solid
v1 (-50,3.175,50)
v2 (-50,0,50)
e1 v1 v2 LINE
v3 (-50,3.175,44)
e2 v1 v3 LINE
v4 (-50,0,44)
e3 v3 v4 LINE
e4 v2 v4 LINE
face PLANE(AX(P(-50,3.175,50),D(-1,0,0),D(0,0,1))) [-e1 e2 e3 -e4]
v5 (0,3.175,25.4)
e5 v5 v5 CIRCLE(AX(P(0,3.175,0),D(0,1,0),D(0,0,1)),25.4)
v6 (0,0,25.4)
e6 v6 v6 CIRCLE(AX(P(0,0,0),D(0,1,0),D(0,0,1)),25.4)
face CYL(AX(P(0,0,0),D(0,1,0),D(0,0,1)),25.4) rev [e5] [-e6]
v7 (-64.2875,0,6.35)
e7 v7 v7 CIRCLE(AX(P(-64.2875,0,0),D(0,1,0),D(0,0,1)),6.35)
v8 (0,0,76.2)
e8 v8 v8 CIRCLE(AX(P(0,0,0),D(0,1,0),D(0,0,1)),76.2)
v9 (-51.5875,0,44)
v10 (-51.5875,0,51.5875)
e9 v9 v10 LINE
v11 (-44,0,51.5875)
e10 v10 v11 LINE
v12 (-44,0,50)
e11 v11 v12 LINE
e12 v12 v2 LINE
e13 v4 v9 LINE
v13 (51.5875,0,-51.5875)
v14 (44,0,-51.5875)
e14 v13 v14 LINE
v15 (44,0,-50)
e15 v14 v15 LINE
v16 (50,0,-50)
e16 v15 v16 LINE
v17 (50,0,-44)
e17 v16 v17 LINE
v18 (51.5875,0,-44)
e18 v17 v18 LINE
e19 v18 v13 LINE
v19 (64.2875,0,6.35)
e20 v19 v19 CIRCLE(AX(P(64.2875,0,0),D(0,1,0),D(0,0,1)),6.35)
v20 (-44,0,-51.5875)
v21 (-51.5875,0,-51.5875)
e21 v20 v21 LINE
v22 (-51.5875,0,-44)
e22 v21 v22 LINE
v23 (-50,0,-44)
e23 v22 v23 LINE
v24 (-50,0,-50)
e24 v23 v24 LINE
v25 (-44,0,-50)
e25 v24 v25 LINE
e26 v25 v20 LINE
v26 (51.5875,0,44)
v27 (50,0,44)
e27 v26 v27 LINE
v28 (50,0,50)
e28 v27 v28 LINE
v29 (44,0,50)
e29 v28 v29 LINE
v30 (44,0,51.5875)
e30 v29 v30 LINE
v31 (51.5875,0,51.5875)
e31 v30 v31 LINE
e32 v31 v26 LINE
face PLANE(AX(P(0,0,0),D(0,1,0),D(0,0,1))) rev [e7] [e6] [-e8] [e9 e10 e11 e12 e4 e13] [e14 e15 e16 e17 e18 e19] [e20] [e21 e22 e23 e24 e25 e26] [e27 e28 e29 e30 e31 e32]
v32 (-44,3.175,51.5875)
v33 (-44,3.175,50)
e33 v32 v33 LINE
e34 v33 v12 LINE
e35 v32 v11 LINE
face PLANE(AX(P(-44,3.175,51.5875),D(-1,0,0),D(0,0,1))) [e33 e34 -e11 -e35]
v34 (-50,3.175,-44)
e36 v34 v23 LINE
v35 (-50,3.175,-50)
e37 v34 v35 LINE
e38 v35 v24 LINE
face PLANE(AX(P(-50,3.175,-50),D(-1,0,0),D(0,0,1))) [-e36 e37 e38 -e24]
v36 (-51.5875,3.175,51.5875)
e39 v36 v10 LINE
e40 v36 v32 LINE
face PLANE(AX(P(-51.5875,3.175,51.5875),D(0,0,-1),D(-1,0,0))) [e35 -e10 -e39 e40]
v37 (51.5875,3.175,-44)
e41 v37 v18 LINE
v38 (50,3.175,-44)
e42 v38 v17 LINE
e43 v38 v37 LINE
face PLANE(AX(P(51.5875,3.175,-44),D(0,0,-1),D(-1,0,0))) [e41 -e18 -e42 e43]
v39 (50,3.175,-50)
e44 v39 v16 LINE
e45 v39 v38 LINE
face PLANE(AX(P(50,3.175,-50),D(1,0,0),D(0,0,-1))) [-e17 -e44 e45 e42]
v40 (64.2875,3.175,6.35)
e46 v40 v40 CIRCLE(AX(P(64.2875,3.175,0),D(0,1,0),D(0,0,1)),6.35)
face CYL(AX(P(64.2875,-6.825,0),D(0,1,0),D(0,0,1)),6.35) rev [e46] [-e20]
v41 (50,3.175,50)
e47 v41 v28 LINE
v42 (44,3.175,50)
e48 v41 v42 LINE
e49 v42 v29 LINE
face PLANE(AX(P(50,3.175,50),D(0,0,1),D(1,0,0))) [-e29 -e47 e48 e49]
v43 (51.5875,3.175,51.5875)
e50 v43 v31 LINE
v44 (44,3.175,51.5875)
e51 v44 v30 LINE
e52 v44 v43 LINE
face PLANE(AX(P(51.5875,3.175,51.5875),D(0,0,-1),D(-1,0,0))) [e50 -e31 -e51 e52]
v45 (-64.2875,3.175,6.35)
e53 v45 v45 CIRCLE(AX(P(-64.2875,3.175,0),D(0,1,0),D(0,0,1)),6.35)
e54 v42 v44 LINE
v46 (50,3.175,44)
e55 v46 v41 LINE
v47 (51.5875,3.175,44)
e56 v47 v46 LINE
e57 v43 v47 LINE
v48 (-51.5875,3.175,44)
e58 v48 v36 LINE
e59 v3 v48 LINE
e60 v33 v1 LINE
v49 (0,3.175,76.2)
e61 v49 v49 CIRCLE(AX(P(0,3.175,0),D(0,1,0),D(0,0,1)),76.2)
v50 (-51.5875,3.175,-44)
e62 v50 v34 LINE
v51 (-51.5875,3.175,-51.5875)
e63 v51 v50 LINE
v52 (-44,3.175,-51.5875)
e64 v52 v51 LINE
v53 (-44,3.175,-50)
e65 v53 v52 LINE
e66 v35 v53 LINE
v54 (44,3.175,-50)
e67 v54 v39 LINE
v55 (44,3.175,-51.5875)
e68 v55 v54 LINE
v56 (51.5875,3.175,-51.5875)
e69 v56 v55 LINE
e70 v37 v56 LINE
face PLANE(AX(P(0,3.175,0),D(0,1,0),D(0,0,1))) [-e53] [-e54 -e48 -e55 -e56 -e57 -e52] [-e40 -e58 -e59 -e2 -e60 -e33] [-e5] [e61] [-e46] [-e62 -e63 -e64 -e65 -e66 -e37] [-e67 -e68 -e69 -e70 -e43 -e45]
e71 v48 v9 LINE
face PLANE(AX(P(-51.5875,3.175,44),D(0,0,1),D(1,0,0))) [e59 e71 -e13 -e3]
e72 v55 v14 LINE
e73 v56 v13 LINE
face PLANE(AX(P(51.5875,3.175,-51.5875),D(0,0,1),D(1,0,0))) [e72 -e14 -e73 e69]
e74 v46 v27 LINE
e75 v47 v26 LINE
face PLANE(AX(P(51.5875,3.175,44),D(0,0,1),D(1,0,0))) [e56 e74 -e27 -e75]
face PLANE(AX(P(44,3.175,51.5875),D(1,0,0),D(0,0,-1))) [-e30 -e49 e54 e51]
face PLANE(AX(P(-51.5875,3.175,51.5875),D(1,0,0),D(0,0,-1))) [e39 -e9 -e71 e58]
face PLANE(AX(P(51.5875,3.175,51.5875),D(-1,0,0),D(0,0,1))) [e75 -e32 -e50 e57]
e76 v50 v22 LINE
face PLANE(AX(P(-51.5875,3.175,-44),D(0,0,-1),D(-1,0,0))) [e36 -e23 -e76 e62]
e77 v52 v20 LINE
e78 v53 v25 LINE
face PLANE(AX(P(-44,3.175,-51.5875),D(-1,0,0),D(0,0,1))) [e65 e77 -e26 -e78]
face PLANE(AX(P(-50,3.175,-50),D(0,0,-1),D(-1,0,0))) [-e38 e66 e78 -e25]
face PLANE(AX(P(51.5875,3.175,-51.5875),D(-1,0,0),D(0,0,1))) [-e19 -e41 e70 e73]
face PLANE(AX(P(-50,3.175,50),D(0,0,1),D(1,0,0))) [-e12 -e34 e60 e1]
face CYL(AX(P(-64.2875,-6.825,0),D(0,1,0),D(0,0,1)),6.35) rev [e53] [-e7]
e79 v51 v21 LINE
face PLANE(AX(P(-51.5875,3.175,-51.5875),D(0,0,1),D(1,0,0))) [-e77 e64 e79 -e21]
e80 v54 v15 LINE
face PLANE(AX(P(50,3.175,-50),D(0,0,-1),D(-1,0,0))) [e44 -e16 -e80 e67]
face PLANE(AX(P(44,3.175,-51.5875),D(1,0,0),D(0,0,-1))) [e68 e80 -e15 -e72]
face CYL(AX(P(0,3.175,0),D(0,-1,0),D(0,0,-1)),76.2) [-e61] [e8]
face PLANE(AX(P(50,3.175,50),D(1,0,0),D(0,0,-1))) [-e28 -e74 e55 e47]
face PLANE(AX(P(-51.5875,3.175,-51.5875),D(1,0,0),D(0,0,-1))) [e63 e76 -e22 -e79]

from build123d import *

# Parameters (mm, degrees)
SKETCH1_R           = 76.2
BOSS_EXTRUDE1_DEPTH = 3.175
SKETCH2_R           = 25.4
CUT_EXTRUDE1_DEPTH  = 3.175
SKETCH3_R           = 6.35
CUT_EXTRUDE2_DEPTH  = 10


with BuildPart() as part:
    # Sketch1 → Boss-Extrude1 (new body)
    with BuildSketch(Plane(origin=(0, 0, 0), x_dir=(1, 0, 0), z_dir=(0, 1, 0))):
        with Locations(Location((0, 0, 0), (0, 0, 270))):
            Circle(SKETCH1_R)
        Polygon((-50, 50), (-50, 44), (-51.5875, 44), (-51.5875, 51.5875), (-44, 51.5875), (-44, 50), align=None, mode=Mode.SUBTRACT)
        Polygon((51.5875, -44), (50, -44), (50, -50), (44, -50), (44, -51.5875), (51.5875, -51.5875), align=None, mode=Mode.SUBTRACT)
        Polygon((-50, -50), (-44, -50), (-44, -51.5875), (-51.5875, -51.5875), (-51.5875, -44), (-50, -44), align=None, mode=Mode.SUBTRACT)
        Polygon((51.5875, 51.5875), (44, 51.5875), (44, 50), (50, 50), (50, 44), (51.5875, 44), align=None, mode=Mode.SUBTRACT)
    extrude(amount=BOSS_EXTRUDE1_DEPTH)

    # Sketch2 → Cut-Extrude1 (cut)
    with BuildSketch(Plane(origin=(0, 3.175, 0), x_dir=(1, 0, 0), z_dir=(0, 1, 0))):
        with Locations(Location((0, 0, 0), (0, 0, 270))):
            Circle(SKETCH2_R)
    extrude(amount=-CUT_EXTRUDE1_DEPTH, mode=Mode.SUBTRACT)

    # Sketch3 → Cut-Extrude2 (cut)
    with BuildSketch(Plane(origin=(0, 3.175, 0), x_dir=(1, 0, 0), z_dir=(0, 1, 0))):
        with Locations(Location((-64.2875, 0, 0), (0, 0, 270))):
            Circle(SKETCH3_R)
        with Locations(Location((64.2875, 0, 0), (0, 0, 270))):
            Circle(SKETCH3_R)
    extrude(amount=-CUT_EXTRUDE2_DEPTH, mode=Mode.SUBTRACT)


solid = part.part
